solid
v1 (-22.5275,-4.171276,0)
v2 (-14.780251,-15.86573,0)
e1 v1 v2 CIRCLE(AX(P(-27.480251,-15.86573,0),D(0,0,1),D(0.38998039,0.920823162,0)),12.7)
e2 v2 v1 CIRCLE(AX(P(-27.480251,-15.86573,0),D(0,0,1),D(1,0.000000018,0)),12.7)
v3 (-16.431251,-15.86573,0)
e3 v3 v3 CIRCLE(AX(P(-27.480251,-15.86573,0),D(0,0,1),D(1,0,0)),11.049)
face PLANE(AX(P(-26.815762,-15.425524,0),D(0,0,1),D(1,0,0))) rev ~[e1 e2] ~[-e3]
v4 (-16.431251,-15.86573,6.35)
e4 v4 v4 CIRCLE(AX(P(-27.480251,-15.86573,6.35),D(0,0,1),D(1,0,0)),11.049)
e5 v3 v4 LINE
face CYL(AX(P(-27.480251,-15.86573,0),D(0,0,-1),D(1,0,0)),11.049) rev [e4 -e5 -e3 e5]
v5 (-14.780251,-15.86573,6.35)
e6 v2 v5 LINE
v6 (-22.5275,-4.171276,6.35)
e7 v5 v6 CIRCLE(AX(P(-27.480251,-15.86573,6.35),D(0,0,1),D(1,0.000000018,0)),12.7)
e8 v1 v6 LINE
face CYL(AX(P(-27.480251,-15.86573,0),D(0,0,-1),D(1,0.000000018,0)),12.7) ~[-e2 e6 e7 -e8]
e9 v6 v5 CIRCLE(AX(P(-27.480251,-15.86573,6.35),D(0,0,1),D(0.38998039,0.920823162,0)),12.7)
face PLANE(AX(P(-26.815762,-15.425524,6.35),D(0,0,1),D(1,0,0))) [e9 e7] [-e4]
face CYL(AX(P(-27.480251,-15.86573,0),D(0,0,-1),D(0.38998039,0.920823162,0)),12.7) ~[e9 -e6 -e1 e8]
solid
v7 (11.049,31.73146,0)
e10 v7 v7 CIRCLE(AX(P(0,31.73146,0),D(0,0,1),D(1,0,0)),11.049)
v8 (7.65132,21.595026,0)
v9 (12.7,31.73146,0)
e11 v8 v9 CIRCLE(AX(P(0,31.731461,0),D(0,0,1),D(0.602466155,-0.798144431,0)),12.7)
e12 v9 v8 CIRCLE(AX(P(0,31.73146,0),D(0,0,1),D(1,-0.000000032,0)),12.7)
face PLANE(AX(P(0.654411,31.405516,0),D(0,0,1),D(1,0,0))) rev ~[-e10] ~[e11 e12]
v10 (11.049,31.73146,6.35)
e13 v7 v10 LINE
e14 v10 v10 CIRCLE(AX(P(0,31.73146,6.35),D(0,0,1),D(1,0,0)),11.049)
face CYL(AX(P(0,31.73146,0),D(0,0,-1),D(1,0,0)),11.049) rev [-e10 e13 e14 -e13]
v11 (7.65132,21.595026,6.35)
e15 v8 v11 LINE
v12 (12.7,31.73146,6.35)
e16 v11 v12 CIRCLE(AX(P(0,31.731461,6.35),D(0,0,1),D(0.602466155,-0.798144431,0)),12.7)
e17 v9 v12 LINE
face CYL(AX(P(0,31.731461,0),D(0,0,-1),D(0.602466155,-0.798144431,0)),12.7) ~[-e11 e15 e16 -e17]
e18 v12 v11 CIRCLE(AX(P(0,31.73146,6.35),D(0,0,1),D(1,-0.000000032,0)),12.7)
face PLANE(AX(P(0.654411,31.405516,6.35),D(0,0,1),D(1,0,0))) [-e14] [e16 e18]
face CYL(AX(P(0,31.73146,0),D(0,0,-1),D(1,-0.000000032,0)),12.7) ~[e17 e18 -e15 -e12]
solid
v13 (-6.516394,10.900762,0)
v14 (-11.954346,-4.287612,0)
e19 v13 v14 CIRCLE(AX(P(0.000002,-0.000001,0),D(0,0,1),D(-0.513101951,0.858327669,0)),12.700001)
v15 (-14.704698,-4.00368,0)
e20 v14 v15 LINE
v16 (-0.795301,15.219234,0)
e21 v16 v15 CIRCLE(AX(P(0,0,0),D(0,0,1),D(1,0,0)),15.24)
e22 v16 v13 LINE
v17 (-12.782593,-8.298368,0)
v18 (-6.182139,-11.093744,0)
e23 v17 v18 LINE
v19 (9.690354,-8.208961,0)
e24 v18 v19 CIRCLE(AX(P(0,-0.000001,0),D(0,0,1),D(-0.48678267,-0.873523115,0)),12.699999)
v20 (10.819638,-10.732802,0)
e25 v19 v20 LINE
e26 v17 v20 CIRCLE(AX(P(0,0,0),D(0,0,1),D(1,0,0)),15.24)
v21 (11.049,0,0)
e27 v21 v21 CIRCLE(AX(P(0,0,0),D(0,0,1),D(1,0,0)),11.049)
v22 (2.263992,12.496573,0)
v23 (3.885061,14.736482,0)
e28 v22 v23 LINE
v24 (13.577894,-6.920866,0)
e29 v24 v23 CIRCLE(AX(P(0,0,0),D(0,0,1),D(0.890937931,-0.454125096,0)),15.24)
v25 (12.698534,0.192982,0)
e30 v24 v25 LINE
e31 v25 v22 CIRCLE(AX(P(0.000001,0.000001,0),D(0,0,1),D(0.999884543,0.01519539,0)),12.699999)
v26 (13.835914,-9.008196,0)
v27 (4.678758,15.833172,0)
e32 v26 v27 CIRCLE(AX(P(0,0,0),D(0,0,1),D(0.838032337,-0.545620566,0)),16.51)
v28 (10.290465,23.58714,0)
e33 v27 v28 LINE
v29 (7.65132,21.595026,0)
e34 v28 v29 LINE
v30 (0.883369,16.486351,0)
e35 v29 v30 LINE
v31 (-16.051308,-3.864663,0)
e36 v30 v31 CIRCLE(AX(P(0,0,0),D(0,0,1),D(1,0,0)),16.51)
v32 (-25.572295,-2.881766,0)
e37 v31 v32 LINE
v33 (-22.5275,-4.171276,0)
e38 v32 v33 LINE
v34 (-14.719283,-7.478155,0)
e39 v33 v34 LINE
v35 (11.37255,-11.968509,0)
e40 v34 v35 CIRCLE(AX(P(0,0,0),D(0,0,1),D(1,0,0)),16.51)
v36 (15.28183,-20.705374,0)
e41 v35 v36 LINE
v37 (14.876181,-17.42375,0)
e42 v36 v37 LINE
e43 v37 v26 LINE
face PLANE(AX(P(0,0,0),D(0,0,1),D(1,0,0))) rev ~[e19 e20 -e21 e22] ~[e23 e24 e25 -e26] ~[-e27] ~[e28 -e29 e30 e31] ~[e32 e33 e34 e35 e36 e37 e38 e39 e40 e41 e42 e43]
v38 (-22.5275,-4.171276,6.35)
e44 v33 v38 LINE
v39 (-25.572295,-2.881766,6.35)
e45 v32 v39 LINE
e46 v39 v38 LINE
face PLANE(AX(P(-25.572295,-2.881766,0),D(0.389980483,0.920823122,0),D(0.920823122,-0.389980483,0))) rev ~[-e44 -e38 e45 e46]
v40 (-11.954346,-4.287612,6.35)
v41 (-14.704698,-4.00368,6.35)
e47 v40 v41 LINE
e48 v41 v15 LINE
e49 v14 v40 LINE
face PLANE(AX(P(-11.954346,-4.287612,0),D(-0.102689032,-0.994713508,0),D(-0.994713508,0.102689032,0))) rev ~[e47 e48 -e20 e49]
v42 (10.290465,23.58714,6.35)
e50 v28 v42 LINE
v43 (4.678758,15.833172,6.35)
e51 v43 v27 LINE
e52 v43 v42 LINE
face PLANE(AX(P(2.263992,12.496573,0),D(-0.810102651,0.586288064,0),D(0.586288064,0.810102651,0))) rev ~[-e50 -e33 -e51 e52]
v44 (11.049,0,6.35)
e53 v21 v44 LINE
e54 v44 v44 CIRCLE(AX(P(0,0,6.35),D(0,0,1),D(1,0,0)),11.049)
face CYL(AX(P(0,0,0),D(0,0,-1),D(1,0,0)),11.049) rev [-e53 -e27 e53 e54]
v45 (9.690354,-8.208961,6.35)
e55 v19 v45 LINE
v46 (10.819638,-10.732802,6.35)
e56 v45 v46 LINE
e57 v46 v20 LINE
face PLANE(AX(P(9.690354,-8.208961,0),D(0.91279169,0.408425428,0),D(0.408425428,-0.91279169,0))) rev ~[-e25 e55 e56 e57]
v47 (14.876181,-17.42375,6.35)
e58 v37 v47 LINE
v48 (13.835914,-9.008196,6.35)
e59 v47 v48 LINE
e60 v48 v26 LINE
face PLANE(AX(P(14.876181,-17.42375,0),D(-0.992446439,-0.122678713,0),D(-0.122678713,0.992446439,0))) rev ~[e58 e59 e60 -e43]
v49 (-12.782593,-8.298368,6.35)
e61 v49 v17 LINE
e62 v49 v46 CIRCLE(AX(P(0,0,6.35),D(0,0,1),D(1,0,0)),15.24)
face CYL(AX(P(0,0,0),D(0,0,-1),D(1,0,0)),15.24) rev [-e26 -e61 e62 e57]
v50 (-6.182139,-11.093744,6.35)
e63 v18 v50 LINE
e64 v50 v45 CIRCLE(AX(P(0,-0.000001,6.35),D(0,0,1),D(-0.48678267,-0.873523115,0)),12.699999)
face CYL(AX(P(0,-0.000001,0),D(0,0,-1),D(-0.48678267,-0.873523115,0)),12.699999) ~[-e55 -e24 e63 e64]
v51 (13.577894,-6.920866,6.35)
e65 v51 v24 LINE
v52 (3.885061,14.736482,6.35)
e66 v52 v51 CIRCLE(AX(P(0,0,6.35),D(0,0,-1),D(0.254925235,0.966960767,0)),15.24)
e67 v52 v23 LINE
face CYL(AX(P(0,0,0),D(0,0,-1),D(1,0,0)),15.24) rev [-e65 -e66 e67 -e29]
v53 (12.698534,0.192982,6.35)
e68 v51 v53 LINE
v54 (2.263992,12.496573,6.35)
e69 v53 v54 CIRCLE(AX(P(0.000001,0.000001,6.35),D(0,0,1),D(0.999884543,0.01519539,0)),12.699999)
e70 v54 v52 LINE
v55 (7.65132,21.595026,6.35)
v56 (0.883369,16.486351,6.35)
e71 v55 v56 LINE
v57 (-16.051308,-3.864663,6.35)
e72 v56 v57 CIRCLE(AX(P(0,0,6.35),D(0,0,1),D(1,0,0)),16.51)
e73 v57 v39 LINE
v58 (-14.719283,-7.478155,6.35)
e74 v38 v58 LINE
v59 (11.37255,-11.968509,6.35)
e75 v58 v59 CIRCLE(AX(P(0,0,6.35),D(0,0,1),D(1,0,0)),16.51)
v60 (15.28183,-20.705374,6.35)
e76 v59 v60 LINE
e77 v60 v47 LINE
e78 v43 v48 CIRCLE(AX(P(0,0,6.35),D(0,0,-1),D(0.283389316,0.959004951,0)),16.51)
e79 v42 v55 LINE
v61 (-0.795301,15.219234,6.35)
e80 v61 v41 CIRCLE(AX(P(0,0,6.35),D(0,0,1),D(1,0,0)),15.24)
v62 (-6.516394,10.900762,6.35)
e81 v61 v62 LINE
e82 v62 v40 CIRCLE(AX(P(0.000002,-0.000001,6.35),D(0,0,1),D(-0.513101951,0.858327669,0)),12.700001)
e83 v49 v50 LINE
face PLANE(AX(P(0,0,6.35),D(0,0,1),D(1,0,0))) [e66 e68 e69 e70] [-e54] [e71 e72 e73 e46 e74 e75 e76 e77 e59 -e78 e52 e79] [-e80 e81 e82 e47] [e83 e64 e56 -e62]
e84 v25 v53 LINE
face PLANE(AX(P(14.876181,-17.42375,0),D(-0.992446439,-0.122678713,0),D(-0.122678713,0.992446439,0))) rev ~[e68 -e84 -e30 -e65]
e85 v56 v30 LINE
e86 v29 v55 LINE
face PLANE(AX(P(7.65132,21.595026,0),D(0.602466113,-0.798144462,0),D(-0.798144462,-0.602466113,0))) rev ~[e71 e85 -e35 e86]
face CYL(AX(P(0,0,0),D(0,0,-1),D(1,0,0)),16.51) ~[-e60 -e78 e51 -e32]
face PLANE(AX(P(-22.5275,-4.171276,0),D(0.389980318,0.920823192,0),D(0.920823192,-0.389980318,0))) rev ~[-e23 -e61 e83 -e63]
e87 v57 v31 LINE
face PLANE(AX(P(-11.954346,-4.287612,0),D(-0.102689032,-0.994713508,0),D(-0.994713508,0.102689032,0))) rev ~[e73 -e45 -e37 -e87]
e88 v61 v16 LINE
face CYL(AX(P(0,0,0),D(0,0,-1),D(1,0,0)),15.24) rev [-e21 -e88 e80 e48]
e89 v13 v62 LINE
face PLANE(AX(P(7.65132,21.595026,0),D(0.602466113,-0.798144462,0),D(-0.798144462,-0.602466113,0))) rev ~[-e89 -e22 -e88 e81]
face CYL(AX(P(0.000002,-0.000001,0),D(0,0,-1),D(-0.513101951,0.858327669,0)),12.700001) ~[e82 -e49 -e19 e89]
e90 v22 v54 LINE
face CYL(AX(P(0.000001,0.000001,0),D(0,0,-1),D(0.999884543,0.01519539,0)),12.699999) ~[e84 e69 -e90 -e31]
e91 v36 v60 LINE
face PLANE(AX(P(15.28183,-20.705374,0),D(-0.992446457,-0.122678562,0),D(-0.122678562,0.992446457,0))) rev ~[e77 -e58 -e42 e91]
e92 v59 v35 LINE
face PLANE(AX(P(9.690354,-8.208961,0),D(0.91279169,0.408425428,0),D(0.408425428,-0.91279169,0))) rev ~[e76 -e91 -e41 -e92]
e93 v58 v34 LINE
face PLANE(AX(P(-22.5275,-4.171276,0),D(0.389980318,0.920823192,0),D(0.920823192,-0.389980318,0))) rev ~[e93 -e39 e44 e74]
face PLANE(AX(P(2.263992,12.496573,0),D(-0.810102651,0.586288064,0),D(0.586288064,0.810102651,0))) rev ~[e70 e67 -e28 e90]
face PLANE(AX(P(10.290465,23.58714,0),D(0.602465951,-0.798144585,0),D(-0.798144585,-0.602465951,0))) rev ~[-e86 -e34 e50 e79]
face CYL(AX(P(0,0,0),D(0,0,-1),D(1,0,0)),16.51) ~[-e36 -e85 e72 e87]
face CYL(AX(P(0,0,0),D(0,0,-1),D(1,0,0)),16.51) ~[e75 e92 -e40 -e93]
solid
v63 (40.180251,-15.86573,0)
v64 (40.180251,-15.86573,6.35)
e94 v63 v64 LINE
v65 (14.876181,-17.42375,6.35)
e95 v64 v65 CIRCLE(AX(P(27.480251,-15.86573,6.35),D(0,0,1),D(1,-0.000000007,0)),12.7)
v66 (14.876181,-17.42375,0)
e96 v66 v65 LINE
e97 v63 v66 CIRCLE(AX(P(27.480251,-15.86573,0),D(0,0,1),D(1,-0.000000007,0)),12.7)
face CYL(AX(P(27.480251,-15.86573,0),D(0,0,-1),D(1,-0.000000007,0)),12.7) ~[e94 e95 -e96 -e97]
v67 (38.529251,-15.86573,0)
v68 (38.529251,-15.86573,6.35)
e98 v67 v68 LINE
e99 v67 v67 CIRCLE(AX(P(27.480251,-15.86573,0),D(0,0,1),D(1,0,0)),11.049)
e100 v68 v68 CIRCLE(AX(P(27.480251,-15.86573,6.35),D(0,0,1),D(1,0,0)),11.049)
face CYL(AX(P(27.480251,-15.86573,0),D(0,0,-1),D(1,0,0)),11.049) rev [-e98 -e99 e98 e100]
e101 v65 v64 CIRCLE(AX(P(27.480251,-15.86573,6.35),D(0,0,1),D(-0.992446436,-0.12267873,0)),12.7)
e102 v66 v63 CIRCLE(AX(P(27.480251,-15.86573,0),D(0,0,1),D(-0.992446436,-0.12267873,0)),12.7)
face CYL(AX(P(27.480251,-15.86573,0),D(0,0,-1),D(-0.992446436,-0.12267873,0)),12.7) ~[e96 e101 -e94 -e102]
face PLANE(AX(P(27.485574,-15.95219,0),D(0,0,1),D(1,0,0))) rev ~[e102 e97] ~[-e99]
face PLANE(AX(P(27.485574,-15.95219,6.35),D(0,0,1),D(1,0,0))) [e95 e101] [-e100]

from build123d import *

# Parameters (mm, degrees)
F0_R     = 11.049
F1_DEPTH = 6.35
F2_R     = 16.51
F2_R_2   = 15.24
F3_DEPTH = 6.35


with BuildPart() as f1:
    # F0 (on Top) → F1 (new body)
    with BuildSketch(Plane.XY):
        with BuildLine():
            ThreePointArc((-6.516394, 10.900762), (-2.270988, 12.495304), (2.263992, 12.496573))
            Line((2.263992, 12.496573), (10.290465, 23.58714))
            Line((10.290465, 23.58714), (7.65132, 21.595026))
            Line((7.65132, 21.595026), (-6.516394, 10.900762))
        make_face()
        with BuildLine():
            ThreePointArc((12.7, 31.73146), (-11.367976, 37.393538), (7.65132, 21.595026))
            ThreePointArc((7.65132, 21.595026), (11.367976, 26.069383), (12.7, 31.73146))
        make_face()
        with Locations((0, 31.73146)):
            Circle(F0_R, mode=Mode.SUBTRACT)
        with BuildLine():
            ThreePointArc((9.690354, -8.208961), (11.923873, -4.371642), (12.7, 0))
            ThreePointArc((12.7, 0), (12.699633, 0.096494), (12.698534, 0.192982))
            ThreePointArc((12.698534, 0.192982), (9.685757, 8.214385), (2.263992, 12.496573))
            ThreePointArc((2.263992, 12.496573), (-2.270988, 12.495304), (-6.516394, 10.900762))
            ThreePointArc((-6.516394, 10.900762), (-11.956744, 4.280919), (-11.954346, -4.287612))
            ThreePointArc((-11.954346, -4.287612), (-9.685757, -8.214385), (-6.182139, -11.093744))
            ThreePointArc((-6.182139, -11.093744), (2.270988, -12.495304), (9.690354, -8.208961))
        make_face()
        Circle(F0_R, mode=Mode.SUBTRACT)
        with BuildLine():
            Line((-22.5275, -4.171276), (-6.182139, -11.093744))
            ThreePointArc((-6.182139, -11.093744), (-9.685757, -8.214385), (-11.954346, -4.287612))
            Line((-11.954346, -4.287612), (-25.572295, -2.881766))
            Line((-25.572295, -2.881766), (-22.5275, -4.171276))
        make_face()
        with BuildLine():
            ThreePointArc((-14.780251, -15.86573), (-16.89276, -8.851813), (-22.5275, -4.171276))
            ThreePointArc((-22.5275, -4.171276), (-38.067742, -22.879647), (-14.780251, -15.86573))
        make_face()
        with Locations((-27.480251, -15.86573)):
            Circle(F0_R, mode=Mode.SUBTRACT)
        with BuildLine():
            ThreePointArc((40.180251, -15.86573), (26.699766, -3.189735), (14.876181, -17.42375))
            ThreePointArc((14.876181, -17.42375), (28.260736, -28.541725), (40.180251, -15.86573))
        make_face()
        with Locations((27.480251, -15.86573)):
            Circle(F0_R, mode=Mode.SUBTRACT)
        with BuildLine():
            ThreePointArc((12.698534, 0.192982), (12.699633, 0.096494), (12.7, 0))
            ThreePointArc((12.7, 0), (11.923873, -4.371642), (9.690354, -8.208961))
            Line((9.690354, -8.208961), (15.28183, -20.705374))
            Line((15.28183, -20.705374), (14.876181, -17.42375))
            Line((14.876181, -17.42375), (12.698534, 0.192982))
        make_face()
    extrude(amount=F1_DEPTH)

    # F2 (on Top) → F3 (join)
    with BuildSketch(Plane.XY):
        Circle(F2_R)
        Circle(F2_R_2, mode=Mode.SUBTRACT)
    extrude(amount=F3_DEPTH)


solid = f1.part
